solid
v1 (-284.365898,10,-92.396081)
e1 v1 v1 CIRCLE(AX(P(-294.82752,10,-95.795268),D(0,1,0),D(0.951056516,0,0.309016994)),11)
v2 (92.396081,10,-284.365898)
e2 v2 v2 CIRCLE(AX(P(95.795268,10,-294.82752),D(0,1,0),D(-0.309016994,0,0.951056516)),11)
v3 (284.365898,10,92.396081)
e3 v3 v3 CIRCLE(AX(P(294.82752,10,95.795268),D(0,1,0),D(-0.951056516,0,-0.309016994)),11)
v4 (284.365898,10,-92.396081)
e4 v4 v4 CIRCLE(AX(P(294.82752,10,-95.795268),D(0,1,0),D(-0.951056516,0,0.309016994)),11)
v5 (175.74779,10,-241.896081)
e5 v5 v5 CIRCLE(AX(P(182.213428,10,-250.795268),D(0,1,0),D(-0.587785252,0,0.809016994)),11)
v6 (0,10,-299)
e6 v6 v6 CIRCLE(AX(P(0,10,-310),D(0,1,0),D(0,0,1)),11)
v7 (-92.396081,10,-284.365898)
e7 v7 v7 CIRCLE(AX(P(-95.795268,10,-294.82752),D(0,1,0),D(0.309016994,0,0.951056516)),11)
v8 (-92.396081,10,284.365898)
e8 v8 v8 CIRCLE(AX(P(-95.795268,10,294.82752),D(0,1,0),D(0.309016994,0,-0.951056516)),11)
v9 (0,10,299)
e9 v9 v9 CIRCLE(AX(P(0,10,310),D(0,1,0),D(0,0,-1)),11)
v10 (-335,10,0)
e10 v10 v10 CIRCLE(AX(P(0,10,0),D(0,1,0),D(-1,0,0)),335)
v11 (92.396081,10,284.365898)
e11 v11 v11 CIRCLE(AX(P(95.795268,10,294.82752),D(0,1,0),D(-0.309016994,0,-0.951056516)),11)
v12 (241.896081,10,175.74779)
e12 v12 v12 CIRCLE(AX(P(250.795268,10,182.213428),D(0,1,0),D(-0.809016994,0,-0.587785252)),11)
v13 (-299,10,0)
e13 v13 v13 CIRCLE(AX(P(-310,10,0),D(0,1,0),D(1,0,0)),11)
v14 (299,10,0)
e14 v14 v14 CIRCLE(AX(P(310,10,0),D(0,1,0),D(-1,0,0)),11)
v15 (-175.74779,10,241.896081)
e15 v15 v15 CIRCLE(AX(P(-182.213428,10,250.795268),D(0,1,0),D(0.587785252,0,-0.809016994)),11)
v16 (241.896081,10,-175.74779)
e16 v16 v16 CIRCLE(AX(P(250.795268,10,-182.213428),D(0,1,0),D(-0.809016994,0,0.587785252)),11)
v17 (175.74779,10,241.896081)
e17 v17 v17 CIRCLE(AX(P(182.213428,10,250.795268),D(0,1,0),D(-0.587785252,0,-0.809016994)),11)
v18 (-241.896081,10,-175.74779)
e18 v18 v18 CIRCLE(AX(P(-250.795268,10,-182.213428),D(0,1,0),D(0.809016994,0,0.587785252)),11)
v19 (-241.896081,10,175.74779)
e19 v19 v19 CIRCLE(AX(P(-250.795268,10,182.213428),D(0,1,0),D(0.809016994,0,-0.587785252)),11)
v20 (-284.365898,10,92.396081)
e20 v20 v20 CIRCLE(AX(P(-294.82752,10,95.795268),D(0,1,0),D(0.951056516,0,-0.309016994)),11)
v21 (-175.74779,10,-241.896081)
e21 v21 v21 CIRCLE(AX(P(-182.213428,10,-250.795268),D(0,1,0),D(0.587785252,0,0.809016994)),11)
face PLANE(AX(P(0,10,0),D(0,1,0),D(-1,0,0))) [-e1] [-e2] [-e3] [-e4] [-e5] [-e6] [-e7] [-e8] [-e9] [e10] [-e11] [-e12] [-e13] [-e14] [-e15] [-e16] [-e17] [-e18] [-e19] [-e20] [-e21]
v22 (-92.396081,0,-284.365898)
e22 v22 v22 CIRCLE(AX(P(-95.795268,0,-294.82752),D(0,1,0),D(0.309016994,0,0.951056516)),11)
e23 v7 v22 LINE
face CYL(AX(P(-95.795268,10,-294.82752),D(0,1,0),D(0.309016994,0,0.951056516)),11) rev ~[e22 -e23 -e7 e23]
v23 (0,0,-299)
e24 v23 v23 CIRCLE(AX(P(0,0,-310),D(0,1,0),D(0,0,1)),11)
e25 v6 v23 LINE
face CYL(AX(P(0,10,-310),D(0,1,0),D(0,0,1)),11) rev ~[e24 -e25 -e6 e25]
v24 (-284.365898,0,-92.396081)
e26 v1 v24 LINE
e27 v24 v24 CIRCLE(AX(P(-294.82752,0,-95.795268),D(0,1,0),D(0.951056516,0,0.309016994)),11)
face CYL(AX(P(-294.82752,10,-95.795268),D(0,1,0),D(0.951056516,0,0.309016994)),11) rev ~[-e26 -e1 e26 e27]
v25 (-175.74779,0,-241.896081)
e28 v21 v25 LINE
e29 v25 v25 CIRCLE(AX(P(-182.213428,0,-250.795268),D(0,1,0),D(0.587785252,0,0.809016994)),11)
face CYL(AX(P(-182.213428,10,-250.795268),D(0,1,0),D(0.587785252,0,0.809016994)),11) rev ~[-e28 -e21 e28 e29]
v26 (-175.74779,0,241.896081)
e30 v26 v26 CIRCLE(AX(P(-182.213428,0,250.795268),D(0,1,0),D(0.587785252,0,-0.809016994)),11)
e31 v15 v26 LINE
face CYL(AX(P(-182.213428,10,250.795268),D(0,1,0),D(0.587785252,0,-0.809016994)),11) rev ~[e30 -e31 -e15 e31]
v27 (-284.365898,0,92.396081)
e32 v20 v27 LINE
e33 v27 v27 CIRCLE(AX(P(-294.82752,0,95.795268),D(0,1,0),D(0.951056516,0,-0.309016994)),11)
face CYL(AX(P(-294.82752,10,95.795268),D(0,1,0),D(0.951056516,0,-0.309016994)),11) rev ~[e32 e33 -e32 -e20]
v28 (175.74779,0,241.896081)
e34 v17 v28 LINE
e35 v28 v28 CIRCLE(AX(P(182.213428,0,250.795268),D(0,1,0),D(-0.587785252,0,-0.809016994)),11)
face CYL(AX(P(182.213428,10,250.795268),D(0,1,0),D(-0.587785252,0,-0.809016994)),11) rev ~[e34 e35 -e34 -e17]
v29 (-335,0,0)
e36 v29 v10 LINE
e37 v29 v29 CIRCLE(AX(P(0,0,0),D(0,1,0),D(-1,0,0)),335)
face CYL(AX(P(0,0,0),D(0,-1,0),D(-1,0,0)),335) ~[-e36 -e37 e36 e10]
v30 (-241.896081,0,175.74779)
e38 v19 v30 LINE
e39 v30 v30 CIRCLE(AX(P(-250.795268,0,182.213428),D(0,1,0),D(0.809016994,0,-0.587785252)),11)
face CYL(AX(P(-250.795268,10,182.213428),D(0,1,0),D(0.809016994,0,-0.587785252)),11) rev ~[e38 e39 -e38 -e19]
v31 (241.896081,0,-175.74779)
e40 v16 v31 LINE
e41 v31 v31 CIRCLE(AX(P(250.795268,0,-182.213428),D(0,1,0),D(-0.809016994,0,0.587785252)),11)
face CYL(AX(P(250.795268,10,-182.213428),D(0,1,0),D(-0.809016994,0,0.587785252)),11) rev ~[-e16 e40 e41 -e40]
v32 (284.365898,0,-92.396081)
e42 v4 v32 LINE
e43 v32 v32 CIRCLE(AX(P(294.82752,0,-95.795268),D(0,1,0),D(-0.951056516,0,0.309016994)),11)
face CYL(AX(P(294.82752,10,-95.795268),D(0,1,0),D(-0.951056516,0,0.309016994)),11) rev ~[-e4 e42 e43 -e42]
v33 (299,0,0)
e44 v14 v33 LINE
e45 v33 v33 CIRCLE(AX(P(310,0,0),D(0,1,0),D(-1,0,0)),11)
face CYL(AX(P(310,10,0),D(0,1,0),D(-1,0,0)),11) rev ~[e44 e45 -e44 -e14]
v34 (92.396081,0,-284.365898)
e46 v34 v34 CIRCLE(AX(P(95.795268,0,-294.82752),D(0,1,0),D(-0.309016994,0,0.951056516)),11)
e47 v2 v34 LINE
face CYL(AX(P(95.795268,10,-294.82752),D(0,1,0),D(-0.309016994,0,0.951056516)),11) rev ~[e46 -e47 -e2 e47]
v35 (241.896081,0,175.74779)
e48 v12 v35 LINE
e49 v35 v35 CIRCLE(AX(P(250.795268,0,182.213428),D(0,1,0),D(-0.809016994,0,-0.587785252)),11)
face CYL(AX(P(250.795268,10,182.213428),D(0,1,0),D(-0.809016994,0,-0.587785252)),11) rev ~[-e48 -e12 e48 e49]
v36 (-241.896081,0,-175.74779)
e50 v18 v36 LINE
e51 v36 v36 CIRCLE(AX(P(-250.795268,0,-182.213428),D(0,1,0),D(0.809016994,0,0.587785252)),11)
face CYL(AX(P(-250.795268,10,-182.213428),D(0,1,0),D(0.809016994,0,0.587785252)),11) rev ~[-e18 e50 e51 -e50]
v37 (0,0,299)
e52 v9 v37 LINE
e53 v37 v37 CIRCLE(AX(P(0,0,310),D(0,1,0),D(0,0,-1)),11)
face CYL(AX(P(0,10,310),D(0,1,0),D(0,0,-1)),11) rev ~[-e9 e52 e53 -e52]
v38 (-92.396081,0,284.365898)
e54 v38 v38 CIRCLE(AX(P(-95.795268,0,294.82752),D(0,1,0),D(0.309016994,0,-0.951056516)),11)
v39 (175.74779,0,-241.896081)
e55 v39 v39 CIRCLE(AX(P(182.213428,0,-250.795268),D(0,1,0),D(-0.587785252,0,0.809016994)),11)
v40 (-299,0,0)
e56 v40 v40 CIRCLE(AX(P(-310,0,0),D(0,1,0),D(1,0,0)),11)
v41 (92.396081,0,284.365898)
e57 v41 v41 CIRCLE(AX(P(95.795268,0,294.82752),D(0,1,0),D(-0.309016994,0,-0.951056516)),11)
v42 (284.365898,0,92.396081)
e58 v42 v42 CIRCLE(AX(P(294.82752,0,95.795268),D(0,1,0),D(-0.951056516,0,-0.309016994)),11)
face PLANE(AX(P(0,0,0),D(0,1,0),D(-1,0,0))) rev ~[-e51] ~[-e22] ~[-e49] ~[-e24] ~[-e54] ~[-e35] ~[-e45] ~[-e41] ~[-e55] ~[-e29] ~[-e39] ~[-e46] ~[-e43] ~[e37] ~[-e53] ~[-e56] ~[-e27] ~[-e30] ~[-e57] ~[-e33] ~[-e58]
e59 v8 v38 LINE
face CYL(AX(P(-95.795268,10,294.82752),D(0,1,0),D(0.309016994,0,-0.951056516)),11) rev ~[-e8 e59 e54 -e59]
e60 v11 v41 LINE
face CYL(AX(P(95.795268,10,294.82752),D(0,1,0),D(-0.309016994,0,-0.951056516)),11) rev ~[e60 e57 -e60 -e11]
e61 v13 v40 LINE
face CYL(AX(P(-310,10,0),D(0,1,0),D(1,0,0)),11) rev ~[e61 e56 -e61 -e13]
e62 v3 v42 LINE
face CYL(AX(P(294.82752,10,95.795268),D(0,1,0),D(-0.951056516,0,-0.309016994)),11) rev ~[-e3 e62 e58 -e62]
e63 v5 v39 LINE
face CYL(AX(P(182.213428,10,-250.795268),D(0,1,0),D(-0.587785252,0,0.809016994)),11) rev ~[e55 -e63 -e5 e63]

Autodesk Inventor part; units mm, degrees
ref_plane "YZ Plane" through (0, 0, 0) normal (1, 0, 0) x (0, 1, 0)
ref_plane "XZ Plane" through (0, 0, 0) normal (0, 1, 0) x (-1, 0, 0)
ref_plane "XY Plane" through (0, 0, 0) normal (0, 0, 1) x (1, 0, 0)
sketch "Sketch1" plane through (0, 0, 0) normal (0, 1, 0) x (-1, 0, 0)
  circle A0 centre (0, 0) radius 335
  dimension "d0" = 670
extrude "Extrusion1" add sketch "Sketch1" along normal blind 10
sketch "Sketch2" plane through (0, 10, 0) normal (0, 1, 0) x (1, 0, 0)
  circle A0 centre (-310, 0) radius 11
  circle A1 centre (0, 0) radius 310 construction
  dimension "d4" = 620
  dimension "d3" = 22
extrude "Cut1" cut sketch "Sketch2" against normal blind 10
pattern_circular "Circular Pattern1" count 20 over 360 about axis through (0, 0, 0) along (0, 1, 0) of "Cut1"
equation "\"d1\" = Thickness"
equation "\"d6\" = Thickness"
equation "\"BendReliefDepth\" = 0.5 * Thickness"
equation "\"Thickness\" = 10"
properties part number "PRS 1621 charging hatch D940"
